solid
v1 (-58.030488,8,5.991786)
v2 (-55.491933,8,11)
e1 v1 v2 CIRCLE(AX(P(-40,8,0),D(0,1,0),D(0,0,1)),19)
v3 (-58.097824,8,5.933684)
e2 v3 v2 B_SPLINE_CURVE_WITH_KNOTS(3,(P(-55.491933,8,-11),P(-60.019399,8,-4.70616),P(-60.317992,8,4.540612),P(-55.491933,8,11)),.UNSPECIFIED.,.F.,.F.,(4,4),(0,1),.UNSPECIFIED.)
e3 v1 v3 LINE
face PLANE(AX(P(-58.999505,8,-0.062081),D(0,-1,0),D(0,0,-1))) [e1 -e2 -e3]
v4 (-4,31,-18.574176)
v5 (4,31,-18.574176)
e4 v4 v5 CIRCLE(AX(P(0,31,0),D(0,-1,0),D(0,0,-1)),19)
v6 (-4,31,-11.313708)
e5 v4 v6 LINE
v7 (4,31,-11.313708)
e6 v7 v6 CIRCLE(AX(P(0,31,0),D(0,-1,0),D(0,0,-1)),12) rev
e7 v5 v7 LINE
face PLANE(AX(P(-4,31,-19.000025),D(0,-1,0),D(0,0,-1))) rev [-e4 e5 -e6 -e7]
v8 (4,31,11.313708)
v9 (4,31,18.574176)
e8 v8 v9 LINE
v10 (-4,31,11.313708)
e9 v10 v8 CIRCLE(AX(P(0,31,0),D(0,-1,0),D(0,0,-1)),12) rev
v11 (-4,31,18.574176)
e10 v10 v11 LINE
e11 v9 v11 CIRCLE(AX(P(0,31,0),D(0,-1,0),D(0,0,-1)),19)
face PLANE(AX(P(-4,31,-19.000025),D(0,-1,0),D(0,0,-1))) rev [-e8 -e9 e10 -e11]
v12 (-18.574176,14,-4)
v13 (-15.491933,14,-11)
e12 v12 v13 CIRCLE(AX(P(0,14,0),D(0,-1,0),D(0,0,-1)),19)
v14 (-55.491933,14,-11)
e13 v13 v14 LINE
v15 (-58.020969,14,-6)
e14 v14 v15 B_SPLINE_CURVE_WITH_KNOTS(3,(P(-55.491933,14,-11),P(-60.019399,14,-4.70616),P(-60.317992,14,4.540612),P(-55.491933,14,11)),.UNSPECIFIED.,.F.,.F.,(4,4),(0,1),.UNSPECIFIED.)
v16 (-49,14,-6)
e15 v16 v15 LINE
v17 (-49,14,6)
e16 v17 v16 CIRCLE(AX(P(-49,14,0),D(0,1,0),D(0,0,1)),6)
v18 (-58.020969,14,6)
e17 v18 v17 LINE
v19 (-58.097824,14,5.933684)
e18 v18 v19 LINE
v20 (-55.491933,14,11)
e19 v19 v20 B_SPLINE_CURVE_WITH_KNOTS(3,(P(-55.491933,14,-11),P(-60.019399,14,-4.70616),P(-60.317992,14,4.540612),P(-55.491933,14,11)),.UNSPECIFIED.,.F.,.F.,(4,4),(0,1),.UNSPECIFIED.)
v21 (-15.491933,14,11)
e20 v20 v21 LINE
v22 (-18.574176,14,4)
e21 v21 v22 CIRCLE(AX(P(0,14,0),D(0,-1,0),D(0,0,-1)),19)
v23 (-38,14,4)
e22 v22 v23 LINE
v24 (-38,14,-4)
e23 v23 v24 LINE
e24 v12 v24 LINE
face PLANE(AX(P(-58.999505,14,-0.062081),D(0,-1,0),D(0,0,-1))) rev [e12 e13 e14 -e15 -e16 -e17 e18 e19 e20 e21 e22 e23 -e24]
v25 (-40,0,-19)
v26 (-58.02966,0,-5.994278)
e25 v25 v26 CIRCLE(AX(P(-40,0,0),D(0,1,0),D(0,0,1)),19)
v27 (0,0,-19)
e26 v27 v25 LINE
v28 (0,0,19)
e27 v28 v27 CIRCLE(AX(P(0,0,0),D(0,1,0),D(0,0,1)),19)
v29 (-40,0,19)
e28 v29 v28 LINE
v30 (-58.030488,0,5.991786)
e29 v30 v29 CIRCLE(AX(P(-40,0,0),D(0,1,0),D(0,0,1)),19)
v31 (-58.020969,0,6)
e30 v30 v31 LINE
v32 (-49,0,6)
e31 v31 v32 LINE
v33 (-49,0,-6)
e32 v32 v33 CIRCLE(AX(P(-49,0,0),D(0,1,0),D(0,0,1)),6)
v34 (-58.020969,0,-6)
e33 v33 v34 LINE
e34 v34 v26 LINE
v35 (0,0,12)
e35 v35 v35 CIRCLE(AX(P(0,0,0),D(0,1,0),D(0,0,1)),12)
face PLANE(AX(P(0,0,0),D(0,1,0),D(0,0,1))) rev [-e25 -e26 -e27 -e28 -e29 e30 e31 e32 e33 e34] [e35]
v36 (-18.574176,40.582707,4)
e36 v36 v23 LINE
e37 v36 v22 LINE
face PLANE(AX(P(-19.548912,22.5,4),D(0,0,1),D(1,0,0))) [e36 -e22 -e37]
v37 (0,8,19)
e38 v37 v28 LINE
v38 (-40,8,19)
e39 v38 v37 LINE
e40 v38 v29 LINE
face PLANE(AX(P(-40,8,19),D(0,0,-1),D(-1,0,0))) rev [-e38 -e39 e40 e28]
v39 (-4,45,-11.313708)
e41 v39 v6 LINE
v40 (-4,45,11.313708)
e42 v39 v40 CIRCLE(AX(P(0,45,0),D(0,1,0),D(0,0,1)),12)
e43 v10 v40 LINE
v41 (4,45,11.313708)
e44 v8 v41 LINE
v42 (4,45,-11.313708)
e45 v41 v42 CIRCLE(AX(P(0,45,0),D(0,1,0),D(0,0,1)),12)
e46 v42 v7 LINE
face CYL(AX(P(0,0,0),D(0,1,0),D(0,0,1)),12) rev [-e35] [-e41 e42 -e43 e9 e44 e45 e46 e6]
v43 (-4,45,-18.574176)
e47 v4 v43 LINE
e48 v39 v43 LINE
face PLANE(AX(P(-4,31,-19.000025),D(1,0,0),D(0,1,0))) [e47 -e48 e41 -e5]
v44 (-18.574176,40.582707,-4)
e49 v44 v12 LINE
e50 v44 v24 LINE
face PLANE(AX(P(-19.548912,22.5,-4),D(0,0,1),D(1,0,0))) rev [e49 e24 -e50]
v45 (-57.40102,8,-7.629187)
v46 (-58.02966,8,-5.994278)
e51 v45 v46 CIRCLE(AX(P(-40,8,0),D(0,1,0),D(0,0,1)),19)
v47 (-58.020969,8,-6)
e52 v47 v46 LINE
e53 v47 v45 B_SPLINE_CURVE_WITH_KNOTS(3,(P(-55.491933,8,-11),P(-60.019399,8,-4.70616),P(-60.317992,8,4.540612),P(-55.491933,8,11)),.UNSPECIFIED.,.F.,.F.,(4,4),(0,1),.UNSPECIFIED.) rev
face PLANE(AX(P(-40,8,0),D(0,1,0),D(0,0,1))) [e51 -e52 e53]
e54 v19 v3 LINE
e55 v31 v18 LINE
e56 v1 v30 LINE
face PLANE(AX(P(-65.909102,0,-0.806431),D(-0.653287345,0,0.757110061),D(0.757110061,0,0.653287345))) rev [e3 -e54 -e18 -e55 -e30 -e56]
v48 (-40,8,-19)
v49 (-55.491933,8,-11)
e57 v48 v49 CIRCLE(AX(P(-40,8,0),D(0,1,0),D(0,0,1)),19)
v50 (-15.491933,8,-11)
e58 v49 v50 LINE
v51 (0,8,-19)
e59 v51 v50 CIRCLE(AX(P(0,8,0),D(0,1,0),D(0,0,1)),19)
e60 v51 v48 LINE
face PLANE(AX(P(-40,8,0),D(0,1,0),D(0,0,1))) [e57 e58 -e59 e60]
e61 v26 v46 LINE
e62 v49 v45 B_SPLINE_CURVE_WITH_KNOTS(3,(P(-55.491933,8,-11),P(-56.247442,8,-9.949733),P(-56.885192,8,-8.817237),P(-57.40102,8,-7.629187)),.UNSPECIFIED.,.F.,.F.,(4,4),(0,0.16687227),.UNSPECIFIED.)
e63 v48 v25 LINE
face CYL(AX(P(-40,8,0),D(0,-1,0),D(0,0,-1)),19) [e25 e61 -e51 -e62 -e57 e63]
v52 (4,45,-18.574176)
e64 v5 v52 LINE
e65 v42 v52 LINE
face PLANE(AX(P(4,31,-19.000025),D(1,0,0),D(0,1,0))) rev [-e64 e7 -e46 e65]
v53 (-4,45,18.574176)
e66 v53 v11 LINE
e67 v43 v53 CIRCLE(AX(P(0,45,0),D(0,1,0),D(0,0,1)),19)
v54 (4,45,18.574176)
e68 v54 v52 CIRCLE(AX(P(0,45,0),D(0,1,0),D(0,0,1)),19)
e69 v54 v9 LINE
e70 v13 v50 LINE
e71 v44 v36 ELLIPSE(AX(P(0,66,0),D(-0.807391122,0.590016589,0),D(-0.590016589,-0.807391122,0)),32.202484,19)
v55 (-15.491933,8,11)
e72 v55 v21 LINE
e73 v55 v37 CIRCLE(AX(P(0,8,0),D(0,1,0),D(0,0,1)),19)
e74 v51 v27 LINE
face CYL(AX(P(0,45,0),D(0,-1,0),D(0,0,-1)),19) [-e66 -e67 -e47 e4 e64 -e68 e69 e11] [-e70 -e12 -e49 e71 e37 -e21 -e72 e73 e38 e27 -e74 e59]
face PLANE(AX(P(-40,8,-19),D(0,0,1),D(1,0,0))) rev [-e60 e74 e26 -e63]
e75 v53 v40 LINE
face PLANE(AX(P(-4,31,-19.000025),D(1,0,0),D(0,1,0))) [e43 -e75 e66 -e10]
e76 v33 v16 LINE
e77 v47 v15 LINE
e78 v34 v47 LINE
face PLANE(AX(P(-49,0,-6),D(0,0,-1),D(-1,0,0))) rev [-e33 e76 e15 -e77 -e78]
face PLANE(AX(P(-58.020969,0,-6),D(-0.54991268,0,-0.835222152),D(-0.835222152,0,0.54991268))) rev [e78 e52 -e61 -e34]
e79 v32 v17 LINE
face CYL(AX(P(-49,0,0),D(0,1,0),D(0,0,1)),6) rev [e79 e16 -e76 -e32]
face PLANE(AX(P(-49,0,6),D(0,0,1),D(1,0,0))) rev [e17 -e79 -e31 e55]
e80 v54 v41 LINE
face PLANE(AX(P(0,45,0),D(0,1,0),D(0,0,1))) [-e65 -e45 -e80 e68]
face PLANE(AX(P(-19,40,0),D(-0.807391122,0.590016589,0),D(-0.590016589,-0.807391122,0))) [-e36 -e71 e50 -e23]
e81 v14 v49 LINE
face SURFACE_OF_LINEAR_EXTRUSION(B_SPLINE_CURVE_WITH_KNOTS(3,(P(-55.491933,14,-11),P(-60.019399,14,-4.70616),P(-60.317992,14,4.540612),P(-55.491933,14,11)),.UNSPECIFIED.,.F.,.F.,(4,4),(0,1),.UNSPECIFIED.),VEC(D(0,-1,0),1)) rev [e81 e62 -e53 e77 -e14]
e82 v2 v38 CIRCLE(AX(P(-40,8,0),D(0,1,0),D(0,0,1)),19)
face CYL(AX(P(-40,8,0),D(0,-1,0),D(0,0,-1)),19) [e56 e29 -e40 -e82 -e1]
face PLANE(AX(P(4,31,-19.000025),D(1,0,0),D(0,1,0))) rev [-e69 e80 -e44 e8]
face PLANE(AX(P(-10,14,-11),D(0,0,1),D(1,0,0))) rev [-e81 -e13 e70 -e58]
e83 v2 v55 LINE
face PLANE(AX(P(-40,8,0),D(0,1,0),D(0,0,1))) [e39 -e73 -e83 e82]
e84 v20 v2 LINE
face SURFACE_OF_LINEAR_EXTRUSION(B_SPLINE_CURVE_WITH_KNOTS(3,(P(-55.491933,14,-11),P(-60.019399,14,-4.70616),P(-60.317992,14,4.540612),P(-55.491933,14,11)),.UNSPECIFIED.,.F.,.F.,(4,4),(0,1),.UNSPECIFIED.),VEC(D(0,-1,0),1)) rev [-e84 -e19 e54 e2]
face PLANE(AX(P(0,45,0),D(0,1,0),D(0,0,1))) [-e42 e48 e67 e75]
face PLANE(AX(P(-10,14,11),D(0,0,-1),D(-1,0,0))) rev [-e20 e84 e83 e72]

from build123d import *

# Parameters (mm, degrees)
SKETCH_1_R               = 19
EXTRUDE_5_DEPTH          = 45
EXTRUDE_7_DEPTH          = 8
EXTRUDE_8_DEPTH          = 6
CUT_EXTRUDE_2_DEPTH      = 70.304018822
RIB_2_REACH              = 77.904
SKETCH_7_WALL_W          = 186.009693892
SKETCH_7_WALL_H          = 8
SKETCH_9_R               = 12
CUT_EXTRUDE_3_DEPTH      = 76.903604817
CUT_EXTRUDE_5_DEPTH      = 76.903604758
CUT_EXTRUDE_5_DEPTH_BACK = 76.903604758
SKETCH_10_W              = 8
SKETCH_10_H              = 19


with BuildPart() as part:
    # 草图1 → 凸台-拉伸5 (new body)
    with BuildSketch(Plane(origin=(0, 0, 0), x_dir=(1, 0, 0), z_dir=(0, 1, 0))):
        with Locations(Location((0, 0, 0), (0, 0, 90))):
            Circle(SKETCH_1_R)
    extrude(amount=EXTRUDE_5_DEPTH)

    # 草图2 → 凸台-拉伸7 (add)
    with BuildSketch(Plane(origin=(0, 0, 0), x_dir=(1, 0, 0), z_dir=(0, 1, 0))):
        with BuildLine():
            Line((-40, 19), (0, 19))
            Line((0, 19), (0, -19))
            Line((0, -19), (-40, -19))
            ThreePointArc((-40, -19), (-59, 0), (-40, 19))
        make_face()
    extrude(amount=EXTRUDE_7_DEPTH)

    # 草图4 → 凸台-拉伸8 (add)
    with BuildSketch(Plane(origin=(0, 8, 0), x_dir=(1, 0, 0), z_dir=(0, 1, 0))):
        with BuildLine():
            Line((-10, 11), (-55.491933385, 11))
            add(Edge.make_bspline(
                [(-55.491933385, 11), (-60.019399323, 4.706159899), (-60.317992404, -4.540611583), (-55.491933385, -11)],
                knots=[0, 0, 0, 0, 1, 1, 1, 1], degree=3))
            Line((-55.491933385, -11), (-10, -11))
            Line((-10, -11), (-10, 11))
        make_face()
    extrude(amount=EXTRUDE_8_DEPTH)

    # 草图5 → 切除-拉伸2 (cut, through all)
    with BuildSketch(Plane(origin=(0, 14, 0), x_dir=(1, 0, 0), z_dir=(0, 1, 0))):
        with BuildLine():
            Line((-49, 6), (-58.020969044, 6))
            Line((-58.020969044, 6), (-65.909101598, 0.806430717))
            Line((-65.909101598, 0.806430717), (-58.020969044, -6))
            Line((-58.020969044, -6), (-49, -6))
            ThreePointArc((-49, -6), (-43, 0), (-49, 6))
        make_face()
    extrude(amount=-CUT_EXTRUDE_2_DEPTH, mode=Mode.SUBTRACT)

    # 草图7 wall → 筋2 (add, up to next)
    with BuildSketch(Plane(origin=(-28.5, 27, 0), x_dir=(-0.590016589342, -0.807391122258, 0), z_dir=(0.807391122258, -0.590016589342, 0)), mode=Mode.PRIVATE) as rib_2_sk1:
        Rectangle(SKETCH_7_WALL_W, SKETCH_7_WALL_H)
    rib_2_tool1 = extrude(rib_2_sk1.sketch, amount=RIB_2_REACH, mode=Mode.PRIVATE) - part.part
    add(rib_2_tool1.solids().sort_by_distance((-28.5, 27, 0))[0])

    # 草图9 → 切除-拉伸3 (cut, through all)
    with BuildSketch(Plane(origin=(0, 45, 0), x_dir=(1, 0, 0), z_dir=(0, 1, 0))):
        with Locations(Location((0, 0, 0), (0, 0, 270))):
            Circle(SKETCH_9_R)
    extrude(amount=-CUT_EXTRUDE_3_DEPTH, mode=Mode.SUBTRACT)

    # 草图10 → 切除-拉伸5 (cut, two sides: drawn at the far end of the back side and taken through both)
    with BuildSketch(Plane.XY.offset(-CUT_EXTRUDE_5_DEPTH_BACK)):
        with Locations((0, 40.5)):
            Rectangle(SKETCH_10_W, SKETCH_10_H)
    extrude(amount=CUT_EXTRUDE_5_DEPTH + CUT_EXTRUDE_5_DEPTH_BACK, mode=Mode.SUBTRACT)


solid = part.part
